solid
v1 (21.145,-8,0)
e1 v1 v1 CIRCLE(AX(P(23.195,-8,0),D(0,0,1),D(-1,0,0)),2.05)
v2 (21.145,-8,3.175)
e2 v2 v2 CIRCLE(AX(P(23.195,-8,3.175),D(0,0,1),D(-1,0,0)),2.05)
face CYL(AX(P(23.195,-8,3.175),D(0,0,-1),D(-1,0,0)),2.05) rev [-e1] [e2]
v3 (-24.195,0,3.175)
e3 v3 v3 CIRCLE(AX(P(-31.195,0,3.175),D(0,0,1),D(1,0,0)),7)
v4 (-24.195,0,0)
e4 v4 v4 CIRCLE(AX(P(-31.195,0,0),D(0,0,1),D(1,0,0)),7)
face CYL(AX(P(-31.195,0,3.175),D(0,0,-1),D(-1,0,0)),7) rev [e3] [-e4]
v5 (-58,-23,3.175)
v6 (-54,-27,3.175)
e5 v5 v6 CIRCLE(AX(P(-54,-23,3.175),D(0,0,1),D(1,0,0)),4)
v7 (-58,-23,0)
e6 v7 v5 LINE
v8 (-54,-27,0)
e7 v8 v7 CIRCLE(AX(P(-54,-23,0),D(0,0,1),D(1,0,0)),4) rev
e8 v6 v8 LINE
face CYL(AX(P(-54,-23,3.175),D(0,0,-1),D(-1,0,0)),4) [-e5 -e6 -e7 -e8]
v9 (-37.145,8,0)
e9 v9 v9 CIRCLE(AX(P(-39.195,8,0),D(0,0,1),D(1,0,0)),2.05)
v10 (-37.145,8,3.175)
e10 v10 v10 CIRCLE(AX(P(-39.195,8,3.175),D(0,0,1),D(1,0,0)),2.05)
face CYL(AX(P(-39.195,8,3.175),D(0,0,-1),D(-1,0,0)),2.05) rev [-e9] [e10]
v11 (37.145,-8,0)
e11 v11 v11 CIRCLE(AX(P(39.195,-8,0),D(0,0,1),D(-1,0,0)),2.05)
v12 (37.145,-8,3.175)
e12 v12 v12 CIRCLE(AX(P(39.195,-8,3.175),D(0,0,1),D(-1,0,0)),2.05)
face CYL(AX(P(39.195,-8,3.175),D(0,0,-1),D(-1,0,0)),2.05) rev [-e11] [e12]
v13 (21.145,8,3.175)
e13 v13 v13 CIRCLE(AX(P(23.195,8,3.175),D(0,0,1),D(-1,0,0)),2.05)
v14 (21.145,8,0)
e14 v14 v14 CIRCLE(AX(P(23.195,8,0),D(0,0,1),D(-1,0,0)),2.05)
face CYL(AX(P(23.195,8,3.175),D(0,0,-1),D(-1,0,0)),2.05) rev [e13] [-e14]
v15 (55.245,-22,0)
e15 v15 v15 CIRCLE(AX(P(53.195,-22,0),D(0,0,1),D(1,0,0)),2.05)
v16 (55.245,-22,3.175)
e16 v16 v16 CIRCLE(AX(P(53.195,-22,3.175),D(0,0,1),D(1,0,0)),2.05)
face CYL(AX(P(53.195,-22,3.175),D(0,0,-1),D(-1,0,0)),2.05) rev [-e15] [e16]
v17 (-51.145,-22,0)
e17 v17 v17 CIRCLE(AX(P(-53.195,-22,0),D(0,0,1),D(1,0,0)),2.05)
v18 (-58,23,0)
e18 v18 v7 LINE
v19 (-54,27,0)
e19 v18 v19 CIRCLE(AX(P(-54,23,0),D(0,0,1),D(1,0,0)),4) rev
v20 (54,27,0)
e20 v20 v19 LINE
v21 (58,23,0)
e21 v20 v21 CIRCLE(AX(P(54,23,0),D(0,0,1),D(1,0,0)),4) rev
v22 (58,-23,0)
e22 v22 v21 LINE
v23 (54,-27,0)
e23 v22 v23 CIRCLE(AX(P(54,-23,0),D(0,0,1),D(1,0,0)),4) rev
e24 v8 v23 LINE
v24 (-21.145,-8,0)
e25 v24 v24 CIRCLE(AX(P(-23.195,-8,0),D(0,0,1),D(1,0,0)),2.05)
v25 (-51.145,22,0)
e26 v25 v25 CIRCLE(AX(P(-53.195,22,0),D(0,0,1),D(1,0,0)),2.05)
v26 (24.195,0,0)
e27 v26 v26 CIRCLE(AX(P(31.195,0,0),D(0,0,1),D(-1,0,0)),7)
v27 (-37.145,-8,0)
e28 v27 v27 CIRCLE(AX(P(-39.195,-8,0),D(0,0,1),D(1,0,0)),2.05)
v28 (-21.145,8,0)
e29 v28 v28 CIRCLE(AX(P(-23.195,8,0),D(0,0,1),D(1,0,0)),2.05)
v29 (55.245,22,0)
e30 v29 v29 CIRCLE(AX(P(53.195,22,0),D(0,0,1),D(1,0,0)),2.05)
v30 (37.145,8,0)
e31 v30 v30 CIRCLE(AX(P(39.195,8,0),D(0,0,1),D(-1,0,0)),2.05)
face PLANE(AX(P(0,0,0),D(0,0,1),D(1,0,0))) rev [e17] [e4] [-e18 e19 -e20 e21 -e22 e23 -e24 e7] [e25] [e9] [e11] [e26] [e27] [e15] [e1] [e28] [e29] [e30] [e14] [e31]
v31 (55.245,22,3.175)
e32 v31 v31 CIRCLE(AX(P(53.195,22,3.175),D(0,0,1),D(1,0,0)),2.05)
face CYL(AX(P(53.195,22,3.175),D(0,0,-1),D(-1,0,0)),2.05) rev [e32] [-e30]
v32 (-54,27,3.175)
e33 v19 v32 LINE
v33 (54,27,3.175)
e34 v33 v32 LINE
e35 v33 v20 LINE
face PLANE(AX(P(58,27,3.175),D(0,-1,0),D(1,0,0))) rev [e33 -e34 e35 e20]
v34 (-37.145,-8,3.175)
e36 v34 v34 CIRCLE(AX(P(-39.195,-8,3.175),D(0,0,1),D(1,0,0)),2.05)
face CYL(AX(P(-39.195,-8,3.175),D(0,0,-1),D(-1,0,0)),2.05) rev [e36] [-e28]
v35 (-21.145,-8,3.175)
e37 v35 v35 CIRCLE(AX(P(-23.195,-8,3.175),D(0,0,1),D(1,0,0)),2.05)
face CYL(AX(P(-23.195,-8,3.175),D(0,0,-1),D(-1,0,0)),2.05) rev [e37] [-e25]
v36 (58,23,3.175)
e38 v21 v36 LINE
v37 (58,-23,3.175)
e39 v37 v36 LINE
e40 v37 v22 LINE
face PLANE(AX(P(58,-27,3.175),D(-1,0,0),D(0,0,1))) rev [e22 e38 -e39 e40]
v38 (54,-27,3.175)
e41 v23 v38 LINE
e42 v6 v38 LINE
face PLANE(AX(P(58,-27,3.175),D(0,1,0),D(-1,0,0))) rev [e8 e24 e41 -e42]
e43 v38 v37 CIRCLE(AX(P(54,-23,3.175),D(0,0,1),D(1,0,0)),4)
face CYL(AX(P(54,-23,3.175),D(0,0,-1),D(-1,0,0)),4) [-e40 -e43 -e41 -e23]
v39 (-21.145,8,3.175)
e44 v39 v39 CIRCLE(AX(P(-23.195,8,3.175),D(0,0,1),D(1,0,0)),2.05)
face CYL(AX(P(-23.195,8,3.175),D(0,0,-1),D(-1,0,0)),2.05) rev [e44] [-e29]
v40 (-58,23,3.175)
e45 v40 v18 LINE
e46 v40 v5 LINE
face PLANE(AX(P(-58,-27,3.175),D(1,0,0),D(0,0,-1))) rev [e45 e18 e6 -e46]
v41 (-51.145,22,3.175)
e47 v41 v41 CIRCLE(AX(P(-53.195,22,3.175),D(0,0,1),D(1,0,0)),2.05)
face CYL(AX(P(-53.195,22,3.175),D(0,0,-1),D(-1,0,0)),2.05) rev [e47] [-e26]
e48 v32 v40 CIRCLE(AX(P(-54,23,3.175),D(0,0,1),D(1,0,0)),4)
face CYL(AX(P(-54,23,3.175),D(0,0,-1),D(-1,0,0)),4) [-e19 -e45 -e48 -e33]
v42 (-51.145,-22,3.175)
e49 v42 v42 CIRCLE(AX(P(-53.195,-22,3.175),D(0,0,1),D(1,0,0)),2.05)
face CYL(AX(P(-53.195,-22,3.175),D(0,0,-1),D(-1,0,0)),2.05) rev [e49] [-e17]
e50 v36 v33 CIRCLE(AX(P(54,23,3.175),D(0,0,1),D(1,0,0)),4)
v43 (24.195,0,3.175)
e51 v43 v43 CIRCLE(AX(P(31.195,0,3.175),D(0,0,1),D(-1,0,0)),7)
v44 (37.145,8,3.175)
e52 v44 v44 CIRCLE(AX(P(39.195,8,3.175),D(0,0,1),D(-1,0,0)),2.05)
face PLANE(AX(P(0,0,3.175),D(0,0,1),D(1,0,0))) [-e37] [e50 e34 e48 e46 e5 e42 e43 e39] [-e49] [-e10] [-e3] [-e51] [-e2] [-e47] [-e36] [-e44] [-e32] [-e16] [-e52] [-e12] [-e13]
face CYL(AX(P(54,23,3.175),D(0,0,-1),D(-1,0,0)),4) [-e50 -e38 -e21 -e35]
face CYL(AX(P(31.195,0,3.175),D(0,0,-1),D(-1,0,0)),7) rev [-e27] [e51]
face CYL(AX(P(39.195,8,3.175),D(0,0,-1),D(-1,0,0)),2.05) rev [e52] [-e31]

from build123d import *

# Parameters (mm, degrees)
SKETCH1_W           = 116
SKETCH1_H           = 54
SKETCH1_R           = 2.05
SKETCH1_R_2         = 7
BOSS_EXTRUDE1_DEPTH = 3.175
FILLET1_R           = 4


with BuildPart() as part:
    # Sketch1 → Boss-Extrude1 (new body)
    with BuildSketch(Plane.XY):
        Rectangle(SKETCH1_W, SKETCH1_H)
        with Locations((-53.195, 22)):
            Circle(SKETCH1_R, mode=Mode.SUBTRACT)
        with Locations((53.195, 22)):
            Circle(SKETCH1_R, mode=Mode.SUBTRACT)
        with Locations((53.195, -22)):
            Circle(SKETCH1_R, mode=Mode.SUBTRACT)
        with Locations((-53.195, -22)):
            Circle(SKETCH1_R, mode=Mode.SUBTRACT)
        with Locations((-39.195, 8)):
            Circle(SKETCH1_R, mode=Mode.SUBTRACT)
        with Locations((-23.195, 8)):
            Circle(SKETCH1_R, mode=Mode.SUBTRACT)
        with Locations((-23.195, -8)):
            Circle(SKETCH1_R, mode=Mode.SUBTRACT)
        with Locations((-39.195, -8)):
            Circle(SKETCH1_R, mode=Mode.SUBTRACT)
        with Locations((-31.195, 0)):
            Circle(SKETCH1_R_2, mode=Mode.SUBTRACT)
        with Locations(Location((39.195, -8, 0), (0, 0, 180))):
            Circle(SKETCH1_R, mode=Mode.SUBTRACT)
        with Locations(Location((39.195, 8, 0), (0, 0, 180))):
            Circle(SKETCH1_R, mode=Mode.SUBTRACT)
        with Locations(Location((23.195, 8, 0), (0, 0, 180))):
            Circle(SKETCH1_R, mode=Mode.SUBTRACT)
        with Locations(Location((31.195, 0, 0), (0, 0, 180))):
            Circle(SKETCH1_R_2, mode=Mode.SUBTRACT)
        with Locations(Location((23.195, -8, 0), (0, 0, 180))):
            Circle(SKETCH1_R, mode=Mode.SUBTRACT)
    extrude(amount=BOSS_EXTRUDE1_DEPTH)

    # Fillet1
    fillet1_edges = [part.edges().sort_by_distance(p)[0] for p in [
        (-58, 27, 1.5875),
        (58, 27, 1.5875),
        (58, -27, 1.5875),
        (-58, -27, 1.5875),
    ]]
    fillet(fillet1_edges, radius=FILLET1_R)


solid = part.part
